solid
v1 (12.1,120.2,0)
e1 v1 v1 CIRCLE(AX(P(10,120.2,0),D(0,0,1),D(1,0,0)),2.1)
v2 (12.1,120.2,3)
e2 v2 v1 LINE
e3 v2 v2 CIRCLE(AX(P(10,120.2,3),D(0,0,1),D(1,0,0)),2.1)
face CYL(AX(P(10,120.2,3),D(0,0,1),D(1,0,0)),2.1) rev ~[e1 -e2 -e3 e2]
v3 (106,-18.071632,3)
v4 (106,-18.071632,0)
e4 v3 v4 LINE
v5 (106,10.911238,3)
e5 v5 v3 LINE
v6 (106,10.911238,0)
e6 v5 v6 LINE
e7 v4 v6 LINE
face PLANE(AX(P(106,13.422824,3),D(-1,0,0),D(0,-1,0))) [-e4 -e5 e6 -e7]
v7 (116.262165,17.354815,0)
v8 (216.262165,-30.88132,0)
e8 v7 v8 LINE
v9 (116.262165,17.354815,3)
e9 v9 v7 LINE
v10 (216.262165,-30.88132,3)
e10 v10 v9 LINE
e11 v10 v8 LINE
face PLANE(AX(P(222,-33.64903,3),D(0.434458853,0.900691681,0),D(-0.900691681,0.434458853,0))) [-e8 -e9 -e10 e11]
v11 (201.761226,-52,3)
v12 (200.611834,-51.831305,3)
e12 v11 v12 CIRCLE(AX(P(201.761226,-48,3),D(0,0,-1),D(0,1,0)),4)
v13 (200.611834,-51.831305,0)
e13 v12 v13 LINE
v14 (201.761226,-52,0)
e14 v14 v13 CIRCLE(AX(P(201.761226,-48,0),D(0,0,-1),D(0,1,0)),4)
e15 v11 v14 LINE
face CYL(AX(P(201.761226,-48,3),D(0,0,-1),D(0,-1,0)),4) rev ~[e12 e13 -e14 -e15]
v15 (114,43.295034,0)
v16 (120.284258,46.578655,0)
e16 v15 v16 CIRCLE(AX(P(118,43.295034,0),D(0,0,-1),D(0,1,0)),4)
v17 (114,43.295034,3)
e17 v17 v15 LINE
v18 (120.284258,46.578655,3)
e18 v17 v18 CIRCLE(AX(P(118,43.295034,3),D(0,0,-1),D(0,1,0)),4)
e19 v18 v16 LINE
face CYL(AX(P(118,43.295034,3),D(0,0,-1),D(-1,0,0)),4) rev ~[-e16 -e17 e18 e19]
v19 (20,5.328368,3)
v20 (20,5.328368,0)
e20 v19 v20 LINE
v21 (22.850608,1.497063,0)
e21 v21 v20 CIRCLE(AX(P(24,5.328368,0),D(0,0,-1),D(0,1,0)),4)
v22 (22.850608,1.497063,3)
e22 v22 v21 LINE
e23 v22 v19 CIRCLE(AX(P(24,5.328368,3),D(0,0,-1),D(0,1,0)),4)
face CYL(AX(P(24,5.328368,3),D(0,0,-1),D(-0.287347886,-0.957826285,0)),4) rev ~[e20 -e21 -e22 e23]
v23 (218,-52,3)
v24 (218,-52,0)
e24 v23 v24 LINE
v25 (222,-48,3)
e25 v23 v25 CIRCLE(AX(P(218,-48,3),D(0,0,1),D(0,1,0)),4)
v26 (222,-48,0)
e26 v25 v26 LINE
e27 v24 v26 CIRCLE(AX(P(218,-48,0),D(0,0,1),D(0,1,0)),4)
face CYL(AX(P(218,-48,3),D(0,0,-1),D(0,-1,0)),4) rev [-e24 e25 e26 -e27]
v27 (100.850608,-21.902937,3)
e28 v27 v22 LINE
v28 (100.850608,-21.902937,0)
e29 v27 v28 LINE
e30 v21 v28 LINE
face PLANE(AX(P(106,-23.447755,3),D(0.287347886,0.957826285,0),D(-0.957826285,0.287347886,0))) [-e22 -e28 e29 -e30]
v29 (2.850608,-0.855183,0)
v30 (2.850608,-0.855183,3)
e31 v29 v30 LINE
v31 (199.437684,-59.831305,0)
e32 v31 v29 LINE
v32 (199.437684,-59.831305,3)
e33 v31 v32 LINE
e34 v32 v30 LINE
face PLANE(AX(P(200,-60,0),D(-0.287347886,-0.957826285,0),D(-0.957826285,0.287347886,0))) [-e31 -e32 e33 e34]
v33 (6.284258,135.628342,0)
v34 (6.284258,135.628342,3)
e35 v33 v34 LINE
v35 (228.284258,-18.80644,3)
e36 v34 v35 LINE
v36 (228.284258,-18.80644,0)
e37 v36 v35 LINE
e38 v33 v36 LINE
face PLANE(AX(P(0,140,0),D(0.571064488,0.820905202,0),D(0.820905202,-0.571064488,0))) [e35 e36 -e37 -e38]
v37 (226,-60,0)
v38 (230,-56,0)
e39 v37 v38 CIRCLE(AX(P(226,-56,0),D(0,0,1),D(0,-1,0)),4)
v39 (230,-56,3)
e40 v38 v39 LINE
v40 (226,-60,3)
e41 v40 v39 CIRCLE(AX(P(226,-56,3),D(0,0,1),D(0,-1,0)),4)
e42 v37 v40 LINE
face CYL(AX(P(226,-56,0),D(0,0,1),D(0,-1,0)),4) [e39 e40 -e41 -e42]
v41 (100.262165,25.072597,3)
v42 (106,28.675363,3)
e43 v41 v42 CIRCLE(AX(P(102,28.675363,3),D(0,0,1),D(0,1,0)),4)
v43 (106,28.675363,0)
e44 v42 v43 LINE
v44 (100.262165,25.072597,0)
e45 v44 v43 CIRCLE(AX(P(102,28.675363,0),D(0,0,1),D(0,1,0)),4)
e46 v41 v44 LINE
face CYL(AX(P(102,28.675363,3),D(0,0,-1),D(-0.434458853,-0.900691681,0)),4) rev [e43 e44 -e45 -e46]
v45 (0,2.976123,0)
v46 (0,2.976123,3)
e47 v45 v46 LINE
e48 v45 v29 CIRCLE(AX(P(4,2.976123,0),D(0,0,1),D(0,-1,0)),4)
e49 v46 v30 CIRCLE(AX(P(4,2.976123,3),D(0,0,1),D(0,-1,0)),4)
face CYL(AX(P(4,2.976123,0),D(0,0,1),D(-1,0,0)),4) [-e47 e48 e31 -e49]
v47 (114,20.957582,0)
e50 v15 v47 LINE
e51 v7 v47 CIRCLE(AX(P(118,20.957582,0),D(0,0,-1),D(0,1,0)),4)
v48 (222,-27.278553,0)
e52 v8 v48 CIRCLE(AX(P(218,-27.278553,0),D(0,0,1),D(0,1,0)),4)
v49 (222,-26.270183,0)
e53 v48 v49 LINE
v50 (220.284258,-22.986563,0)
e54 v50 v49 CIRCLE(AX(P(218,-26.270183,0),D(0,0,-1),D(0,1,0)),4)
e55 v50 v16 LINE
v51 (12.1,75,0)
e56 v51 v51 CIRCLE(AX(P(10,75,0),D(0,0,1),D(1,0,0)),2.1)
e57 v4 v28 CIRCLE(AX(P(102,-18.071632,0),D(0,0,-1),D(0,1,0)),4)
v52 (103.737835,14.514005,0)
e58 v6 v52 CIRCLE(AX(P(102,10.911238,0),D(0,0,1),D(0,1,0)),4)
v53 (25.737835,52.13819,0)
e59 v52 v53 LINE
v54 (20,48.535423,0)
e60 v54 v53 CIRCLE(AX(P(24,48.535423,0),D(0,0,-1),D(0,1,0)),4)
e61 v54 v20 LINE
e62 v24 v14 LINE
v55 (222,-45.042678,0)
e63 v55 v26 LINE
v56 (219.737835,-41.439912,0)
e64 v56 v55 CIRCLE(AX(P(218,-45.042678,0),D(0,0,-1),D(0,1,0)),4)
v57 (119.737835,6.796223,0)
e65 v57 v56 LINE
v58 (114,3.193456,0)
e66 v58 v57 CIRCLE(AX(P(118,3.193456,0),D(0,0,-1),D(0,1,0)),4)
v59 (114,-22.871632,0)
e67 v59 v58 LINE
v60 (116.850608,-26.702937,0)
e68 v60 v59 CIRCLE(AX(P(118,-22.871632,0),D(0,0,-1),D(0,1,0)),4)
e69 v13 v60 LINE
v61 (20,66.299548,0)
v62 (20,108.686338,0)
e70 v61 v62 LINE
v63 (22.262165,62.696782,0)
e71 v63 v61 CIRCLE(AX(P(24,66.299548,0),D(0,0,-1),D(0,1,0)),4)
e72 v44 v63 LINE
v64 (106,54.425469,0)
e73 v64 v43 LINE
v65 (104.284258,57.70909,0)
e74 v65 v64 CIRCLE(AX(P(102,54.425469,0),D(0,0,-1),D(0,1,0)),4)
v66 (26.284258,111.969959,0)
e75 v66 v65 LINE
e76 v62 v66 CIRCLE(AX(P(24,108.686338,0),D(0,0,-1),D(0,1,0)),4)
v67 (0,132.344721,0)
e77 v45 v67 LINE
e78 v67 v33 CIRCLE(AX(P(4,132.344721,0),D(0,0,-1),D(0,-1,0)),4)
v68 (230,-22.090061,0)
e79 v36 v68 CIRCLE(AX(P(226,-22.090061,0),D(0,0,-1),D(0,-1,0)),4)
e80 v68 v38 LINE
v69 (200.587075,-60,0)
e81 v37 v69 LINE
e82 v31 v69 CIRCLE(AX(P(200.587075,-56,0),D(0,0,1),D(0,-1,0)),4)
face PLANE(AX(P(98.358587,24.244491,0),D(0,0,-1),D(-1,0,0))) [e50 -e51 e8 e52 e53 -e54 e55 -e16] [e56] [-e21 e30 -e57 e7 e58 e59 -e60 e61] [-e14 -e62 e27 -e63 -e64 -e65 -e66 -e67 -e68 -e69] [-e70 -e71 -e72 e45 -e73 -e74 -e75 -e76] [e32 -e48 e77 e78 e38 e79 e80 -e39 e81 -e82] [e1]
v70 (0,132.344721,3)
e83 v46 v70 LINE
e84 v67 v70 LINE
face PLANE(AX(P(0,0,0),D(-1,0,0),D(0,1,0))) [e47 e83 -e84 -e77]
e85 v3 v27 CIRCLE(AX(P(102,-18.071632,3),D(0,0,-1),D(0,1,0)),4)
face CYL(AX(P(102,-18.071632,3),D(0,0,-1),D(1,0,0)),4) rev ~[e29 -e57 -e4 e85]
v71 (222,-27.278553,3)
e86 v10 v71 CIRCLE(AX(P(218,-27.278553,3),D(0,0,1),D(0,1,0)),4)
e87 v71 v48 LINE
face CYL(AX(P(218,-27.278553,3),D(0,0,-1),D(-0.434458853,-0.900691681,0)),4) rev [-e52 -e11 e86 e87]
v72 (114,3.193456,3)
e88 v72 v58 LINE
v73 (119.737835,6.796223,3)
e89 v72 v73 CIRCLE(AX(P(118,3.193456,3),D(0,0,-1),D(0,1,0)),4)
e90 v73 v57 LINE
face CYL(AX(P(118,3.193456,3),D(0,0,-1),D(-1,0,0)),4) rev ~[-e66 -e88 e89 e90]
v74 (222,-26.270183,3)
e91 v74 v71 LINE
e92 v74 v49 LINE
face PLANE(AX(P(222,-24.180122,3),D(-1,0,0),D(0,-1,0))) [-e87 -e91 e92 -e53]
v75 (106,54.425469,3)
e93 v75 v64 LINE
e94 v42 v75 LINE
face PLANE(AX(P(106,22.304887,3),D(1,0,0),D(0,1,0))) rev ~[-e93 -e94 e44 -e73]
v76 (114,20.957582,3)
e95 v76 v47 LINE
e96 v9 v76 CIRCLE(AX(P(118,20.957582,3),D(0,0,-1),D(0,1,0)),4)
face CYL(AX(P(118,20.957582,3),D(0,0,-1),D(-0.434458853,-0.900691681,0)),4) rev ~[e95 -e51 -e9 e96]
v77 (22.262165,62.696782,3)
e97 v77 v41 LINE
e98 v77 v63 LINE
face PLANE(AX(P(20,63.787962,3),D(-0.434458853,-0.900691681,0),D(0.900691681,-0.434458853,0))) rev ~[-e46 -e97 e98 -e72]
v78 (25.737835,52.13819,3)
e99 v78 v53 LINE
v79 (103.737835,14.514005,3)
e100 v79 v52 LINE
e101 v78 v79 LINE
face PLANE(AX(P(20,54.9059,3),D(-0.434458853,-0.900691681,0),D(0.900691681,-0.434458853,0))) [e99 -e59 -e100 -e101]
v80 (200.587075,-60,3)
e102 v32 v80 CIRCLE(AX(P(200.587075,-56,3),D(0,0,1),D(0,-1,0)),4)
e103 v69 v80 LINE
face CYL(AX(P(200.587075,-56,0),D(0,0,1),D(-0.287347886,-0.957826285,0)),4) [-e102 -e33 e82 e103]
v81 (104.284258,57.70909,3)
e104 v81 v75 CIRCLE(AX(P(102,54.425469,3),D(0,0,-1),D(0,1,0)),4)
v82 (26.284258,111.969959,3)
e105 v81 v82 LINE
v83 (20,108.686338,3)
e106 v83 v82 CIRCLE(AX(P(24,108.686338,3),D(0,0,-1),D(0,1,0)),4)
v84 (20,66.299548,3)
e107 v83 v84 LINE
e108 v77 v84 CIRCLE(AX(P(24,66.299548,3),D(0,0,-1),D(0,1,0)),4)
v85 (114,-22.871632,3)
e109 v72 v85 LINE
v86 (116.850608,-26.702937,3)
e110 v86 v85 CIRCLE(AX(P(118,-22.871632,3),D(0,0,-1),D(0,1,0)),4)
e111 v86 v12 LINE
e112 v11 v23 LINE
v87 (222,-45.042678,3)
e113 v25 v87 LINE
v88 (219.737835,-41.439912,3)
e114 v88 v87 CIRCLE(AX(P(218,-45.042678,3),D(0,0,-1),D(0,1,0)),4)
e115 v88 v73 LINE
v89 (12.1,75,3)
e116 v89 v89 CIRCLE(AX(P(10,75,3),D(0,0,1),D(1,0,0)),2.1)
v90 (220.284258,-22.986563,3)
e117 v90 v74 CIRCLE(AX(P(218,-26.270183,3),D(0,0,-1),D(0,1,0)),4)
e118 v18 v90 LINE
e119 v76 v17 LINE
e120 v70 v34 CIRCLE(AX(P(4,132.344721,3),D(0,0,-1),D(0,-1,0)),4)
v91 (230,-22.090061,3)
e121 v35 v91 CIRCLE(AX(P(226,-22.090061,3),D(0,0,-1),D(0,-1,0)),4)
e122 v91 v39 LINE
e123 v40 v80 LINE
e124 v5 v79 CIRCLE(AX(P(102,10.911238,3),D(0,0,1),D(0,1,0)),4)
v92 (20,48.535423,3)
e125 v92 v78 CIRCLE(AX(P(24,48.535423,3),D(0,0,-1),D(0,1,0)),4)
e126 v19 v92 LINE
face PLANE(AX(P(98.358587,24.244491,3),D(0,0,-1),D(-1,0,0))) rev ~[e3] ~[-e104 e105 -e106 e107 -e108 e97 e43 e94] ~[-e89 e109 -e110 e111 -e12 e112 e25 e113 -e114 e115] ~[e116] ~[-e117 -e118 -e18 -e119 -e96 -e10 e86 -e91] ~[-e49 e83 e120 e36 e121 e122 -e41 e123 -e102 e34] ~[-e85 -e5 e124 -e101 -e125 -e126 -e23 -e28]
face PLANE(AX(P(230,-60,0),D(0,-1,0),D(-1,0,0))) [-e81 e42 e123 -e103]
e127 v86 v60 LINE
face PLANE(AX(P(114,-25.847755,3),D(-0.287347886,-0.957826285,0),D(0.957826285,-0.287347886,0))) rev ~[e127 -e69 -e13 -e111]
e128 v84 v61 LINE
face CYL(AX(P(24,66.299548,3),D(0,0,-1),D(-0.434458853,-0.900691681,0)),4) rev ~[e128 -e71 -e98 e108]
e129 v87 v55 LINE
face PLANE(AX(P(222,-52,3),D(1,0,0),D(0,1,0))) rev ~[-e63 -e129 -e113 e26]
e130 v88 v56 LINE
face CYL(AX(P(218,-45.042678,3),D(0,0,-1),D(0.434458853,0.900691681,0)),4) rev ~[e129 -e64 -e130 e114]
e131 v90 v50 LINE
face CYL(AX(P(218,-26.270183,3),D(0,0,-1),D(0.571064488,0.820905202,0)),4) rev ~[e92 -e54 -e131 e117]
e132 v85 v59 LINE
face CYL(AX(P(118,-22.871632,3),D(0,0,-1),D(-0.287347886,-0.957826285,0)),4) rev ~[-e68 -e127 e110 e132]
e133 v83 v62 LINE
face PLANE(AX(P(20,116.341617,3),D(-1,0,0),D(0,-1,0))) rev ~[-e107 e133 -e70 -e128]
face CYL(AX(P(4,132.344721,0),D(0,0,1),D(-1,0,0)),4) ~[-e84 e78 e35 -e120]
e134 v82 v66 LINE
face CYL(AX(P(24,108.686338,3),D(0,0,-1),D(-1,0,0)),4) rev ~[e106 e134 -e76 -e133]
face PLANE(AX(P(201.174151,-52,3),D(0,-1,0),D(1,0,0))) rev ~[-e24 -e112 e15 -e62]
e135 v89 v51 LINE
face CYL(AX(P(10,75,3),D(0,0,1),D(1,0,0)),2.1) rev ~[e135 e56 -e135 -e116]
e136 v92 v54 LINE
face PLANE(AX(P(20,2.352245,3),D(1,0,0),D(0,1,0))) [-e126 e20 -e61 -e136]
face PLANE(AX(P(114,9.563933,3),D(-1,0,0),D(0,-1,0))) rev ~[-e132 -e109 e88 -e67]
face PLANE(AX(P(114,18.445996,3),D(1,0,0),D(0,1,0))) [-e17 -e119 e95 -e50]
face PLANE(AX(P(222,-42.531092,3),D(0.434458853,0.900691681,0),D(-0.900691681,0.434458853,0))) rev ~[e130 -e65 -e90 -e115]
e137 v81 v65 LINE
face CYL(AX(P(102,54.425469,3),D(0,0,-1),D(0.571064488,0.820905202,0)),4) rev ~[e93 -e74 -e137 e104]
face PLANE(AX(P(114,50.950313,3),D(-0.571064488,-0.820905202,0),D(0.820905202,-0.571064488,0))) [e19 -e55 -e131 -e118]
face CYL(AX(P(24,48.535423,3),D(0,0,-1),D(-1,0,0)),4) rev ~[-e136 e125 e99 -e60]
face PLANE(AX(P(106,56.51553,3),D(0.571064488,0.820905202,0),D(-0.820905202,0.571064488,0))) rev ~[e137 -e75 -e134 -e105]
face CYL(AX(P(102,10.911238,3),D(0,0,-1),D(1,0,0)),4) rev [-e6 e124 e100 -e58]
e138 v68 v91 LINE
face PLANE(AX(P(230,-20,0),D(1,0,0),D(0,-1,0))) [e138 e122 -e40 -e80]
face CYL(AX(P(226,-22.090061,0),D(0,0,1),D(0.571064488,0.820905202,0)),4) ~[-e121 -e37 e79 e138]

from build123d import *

# Parameters (mm, degrees)
EXTRUDE_1_DEPTH     = 3
SKETCH_2_R          = 2.1
CUT_EXTRUDE_1_DEPTH = 39
CUT_EXTRUDE_2_DEPTH = 10
FILLET_1_R          = 4
FILLET_2_R          = 4


with BuildPart() as part:
    # Эскиз1 → Бобышка-Вытянуть1 (new body)
    with BuildSketch(Plane.XY):
        Polygon((0, 0), (0, 140), (230, -20), (230, -60), (200, -60), align=None)
    extrude(amount=EXTRUDE_1_DEPTH)

    # Эскиз2 → Вырез-Вытянуть1 (cut)
    with BuildSketch(Plane.XY.offset(3)):
        with Locations((10, 75)):
            Circle(SKETCH_2_R)
        with Locations((10, 120.2)):
            Circle(SKETCH_2_R)
    extrude(amount=-CUT_EXTRUDE_1_DEPTH, mode=Mode.SUBTRACT)

    # Эскиз5 → Вырез-Вытянуть2 (cut)
    with BuildSketch(Plane.XY.offset(3)):
        Polygon((222, -24.180122244), (222, -33.649029765), (114, 18.445995751), (114, 50.950312538), align=None)
        Polygon((20, 63.787962403), (106, 22.304886529), (106, 56.51552993), (20, 116.341616886), align=None)
        Polygon((20, 54.90589969), (106, 13.422823816), (106, -23.447754793), (20, 2.352245207), align=None)
        Polygon((201.17415069, -52), (222, -52), (222, -42.531092479), (114, 9.563933037), (114, -25.847754793), align=None)
    extrude(amount=-CUT_EXTRUDE_2_DEPTH, mode=Mode.SUBTRACT)

    # Скругление1
    fillet_1_edges = [part.edges().sort_by_distance(p)[0] for p in [
        (0, 0, 1.5),
        (0, 140, 1.5),
        (230, -20, 1.5),
        (230, -60, 1.5),
        (200, -60, 1.5),
    ]]
    fillet(fillet_1_edges, radius=FILLET_1_R)

    # Скругление2
    fillet_2_edges = [part.edges().sort_by_distance(p)[0] for p in [
        (20, 2.352245207, 1.5),
        (20, 54.90589969, 1.5),
        (106, 13.422823816, 1.5),
        (106, -23.447754793, 1.5),
        (114, 50.950312538, 1.5),
        (222, -24.180122244, 1.5),
        (222, -33.649029765, 1.5),
        (114, 18.445995751, 1.5),
        (222, -42.531092479, 1.5),
        (222, -52, 1.5),
        (201.17415069, -52, 1.5),
        (114, -25.847754793, 1.5),
        (114, 9.563933037, 1.5),
        (20, 116.341616886, 1.5),
        (106, 56.51552993, 1.5),
        (106, 22.304886529, 1.5),
        (20, 63.787962403, 1.5),
    ]]
    fillet(fillet_2_edges, radius=FILLET_2_R)


solid = part.part
